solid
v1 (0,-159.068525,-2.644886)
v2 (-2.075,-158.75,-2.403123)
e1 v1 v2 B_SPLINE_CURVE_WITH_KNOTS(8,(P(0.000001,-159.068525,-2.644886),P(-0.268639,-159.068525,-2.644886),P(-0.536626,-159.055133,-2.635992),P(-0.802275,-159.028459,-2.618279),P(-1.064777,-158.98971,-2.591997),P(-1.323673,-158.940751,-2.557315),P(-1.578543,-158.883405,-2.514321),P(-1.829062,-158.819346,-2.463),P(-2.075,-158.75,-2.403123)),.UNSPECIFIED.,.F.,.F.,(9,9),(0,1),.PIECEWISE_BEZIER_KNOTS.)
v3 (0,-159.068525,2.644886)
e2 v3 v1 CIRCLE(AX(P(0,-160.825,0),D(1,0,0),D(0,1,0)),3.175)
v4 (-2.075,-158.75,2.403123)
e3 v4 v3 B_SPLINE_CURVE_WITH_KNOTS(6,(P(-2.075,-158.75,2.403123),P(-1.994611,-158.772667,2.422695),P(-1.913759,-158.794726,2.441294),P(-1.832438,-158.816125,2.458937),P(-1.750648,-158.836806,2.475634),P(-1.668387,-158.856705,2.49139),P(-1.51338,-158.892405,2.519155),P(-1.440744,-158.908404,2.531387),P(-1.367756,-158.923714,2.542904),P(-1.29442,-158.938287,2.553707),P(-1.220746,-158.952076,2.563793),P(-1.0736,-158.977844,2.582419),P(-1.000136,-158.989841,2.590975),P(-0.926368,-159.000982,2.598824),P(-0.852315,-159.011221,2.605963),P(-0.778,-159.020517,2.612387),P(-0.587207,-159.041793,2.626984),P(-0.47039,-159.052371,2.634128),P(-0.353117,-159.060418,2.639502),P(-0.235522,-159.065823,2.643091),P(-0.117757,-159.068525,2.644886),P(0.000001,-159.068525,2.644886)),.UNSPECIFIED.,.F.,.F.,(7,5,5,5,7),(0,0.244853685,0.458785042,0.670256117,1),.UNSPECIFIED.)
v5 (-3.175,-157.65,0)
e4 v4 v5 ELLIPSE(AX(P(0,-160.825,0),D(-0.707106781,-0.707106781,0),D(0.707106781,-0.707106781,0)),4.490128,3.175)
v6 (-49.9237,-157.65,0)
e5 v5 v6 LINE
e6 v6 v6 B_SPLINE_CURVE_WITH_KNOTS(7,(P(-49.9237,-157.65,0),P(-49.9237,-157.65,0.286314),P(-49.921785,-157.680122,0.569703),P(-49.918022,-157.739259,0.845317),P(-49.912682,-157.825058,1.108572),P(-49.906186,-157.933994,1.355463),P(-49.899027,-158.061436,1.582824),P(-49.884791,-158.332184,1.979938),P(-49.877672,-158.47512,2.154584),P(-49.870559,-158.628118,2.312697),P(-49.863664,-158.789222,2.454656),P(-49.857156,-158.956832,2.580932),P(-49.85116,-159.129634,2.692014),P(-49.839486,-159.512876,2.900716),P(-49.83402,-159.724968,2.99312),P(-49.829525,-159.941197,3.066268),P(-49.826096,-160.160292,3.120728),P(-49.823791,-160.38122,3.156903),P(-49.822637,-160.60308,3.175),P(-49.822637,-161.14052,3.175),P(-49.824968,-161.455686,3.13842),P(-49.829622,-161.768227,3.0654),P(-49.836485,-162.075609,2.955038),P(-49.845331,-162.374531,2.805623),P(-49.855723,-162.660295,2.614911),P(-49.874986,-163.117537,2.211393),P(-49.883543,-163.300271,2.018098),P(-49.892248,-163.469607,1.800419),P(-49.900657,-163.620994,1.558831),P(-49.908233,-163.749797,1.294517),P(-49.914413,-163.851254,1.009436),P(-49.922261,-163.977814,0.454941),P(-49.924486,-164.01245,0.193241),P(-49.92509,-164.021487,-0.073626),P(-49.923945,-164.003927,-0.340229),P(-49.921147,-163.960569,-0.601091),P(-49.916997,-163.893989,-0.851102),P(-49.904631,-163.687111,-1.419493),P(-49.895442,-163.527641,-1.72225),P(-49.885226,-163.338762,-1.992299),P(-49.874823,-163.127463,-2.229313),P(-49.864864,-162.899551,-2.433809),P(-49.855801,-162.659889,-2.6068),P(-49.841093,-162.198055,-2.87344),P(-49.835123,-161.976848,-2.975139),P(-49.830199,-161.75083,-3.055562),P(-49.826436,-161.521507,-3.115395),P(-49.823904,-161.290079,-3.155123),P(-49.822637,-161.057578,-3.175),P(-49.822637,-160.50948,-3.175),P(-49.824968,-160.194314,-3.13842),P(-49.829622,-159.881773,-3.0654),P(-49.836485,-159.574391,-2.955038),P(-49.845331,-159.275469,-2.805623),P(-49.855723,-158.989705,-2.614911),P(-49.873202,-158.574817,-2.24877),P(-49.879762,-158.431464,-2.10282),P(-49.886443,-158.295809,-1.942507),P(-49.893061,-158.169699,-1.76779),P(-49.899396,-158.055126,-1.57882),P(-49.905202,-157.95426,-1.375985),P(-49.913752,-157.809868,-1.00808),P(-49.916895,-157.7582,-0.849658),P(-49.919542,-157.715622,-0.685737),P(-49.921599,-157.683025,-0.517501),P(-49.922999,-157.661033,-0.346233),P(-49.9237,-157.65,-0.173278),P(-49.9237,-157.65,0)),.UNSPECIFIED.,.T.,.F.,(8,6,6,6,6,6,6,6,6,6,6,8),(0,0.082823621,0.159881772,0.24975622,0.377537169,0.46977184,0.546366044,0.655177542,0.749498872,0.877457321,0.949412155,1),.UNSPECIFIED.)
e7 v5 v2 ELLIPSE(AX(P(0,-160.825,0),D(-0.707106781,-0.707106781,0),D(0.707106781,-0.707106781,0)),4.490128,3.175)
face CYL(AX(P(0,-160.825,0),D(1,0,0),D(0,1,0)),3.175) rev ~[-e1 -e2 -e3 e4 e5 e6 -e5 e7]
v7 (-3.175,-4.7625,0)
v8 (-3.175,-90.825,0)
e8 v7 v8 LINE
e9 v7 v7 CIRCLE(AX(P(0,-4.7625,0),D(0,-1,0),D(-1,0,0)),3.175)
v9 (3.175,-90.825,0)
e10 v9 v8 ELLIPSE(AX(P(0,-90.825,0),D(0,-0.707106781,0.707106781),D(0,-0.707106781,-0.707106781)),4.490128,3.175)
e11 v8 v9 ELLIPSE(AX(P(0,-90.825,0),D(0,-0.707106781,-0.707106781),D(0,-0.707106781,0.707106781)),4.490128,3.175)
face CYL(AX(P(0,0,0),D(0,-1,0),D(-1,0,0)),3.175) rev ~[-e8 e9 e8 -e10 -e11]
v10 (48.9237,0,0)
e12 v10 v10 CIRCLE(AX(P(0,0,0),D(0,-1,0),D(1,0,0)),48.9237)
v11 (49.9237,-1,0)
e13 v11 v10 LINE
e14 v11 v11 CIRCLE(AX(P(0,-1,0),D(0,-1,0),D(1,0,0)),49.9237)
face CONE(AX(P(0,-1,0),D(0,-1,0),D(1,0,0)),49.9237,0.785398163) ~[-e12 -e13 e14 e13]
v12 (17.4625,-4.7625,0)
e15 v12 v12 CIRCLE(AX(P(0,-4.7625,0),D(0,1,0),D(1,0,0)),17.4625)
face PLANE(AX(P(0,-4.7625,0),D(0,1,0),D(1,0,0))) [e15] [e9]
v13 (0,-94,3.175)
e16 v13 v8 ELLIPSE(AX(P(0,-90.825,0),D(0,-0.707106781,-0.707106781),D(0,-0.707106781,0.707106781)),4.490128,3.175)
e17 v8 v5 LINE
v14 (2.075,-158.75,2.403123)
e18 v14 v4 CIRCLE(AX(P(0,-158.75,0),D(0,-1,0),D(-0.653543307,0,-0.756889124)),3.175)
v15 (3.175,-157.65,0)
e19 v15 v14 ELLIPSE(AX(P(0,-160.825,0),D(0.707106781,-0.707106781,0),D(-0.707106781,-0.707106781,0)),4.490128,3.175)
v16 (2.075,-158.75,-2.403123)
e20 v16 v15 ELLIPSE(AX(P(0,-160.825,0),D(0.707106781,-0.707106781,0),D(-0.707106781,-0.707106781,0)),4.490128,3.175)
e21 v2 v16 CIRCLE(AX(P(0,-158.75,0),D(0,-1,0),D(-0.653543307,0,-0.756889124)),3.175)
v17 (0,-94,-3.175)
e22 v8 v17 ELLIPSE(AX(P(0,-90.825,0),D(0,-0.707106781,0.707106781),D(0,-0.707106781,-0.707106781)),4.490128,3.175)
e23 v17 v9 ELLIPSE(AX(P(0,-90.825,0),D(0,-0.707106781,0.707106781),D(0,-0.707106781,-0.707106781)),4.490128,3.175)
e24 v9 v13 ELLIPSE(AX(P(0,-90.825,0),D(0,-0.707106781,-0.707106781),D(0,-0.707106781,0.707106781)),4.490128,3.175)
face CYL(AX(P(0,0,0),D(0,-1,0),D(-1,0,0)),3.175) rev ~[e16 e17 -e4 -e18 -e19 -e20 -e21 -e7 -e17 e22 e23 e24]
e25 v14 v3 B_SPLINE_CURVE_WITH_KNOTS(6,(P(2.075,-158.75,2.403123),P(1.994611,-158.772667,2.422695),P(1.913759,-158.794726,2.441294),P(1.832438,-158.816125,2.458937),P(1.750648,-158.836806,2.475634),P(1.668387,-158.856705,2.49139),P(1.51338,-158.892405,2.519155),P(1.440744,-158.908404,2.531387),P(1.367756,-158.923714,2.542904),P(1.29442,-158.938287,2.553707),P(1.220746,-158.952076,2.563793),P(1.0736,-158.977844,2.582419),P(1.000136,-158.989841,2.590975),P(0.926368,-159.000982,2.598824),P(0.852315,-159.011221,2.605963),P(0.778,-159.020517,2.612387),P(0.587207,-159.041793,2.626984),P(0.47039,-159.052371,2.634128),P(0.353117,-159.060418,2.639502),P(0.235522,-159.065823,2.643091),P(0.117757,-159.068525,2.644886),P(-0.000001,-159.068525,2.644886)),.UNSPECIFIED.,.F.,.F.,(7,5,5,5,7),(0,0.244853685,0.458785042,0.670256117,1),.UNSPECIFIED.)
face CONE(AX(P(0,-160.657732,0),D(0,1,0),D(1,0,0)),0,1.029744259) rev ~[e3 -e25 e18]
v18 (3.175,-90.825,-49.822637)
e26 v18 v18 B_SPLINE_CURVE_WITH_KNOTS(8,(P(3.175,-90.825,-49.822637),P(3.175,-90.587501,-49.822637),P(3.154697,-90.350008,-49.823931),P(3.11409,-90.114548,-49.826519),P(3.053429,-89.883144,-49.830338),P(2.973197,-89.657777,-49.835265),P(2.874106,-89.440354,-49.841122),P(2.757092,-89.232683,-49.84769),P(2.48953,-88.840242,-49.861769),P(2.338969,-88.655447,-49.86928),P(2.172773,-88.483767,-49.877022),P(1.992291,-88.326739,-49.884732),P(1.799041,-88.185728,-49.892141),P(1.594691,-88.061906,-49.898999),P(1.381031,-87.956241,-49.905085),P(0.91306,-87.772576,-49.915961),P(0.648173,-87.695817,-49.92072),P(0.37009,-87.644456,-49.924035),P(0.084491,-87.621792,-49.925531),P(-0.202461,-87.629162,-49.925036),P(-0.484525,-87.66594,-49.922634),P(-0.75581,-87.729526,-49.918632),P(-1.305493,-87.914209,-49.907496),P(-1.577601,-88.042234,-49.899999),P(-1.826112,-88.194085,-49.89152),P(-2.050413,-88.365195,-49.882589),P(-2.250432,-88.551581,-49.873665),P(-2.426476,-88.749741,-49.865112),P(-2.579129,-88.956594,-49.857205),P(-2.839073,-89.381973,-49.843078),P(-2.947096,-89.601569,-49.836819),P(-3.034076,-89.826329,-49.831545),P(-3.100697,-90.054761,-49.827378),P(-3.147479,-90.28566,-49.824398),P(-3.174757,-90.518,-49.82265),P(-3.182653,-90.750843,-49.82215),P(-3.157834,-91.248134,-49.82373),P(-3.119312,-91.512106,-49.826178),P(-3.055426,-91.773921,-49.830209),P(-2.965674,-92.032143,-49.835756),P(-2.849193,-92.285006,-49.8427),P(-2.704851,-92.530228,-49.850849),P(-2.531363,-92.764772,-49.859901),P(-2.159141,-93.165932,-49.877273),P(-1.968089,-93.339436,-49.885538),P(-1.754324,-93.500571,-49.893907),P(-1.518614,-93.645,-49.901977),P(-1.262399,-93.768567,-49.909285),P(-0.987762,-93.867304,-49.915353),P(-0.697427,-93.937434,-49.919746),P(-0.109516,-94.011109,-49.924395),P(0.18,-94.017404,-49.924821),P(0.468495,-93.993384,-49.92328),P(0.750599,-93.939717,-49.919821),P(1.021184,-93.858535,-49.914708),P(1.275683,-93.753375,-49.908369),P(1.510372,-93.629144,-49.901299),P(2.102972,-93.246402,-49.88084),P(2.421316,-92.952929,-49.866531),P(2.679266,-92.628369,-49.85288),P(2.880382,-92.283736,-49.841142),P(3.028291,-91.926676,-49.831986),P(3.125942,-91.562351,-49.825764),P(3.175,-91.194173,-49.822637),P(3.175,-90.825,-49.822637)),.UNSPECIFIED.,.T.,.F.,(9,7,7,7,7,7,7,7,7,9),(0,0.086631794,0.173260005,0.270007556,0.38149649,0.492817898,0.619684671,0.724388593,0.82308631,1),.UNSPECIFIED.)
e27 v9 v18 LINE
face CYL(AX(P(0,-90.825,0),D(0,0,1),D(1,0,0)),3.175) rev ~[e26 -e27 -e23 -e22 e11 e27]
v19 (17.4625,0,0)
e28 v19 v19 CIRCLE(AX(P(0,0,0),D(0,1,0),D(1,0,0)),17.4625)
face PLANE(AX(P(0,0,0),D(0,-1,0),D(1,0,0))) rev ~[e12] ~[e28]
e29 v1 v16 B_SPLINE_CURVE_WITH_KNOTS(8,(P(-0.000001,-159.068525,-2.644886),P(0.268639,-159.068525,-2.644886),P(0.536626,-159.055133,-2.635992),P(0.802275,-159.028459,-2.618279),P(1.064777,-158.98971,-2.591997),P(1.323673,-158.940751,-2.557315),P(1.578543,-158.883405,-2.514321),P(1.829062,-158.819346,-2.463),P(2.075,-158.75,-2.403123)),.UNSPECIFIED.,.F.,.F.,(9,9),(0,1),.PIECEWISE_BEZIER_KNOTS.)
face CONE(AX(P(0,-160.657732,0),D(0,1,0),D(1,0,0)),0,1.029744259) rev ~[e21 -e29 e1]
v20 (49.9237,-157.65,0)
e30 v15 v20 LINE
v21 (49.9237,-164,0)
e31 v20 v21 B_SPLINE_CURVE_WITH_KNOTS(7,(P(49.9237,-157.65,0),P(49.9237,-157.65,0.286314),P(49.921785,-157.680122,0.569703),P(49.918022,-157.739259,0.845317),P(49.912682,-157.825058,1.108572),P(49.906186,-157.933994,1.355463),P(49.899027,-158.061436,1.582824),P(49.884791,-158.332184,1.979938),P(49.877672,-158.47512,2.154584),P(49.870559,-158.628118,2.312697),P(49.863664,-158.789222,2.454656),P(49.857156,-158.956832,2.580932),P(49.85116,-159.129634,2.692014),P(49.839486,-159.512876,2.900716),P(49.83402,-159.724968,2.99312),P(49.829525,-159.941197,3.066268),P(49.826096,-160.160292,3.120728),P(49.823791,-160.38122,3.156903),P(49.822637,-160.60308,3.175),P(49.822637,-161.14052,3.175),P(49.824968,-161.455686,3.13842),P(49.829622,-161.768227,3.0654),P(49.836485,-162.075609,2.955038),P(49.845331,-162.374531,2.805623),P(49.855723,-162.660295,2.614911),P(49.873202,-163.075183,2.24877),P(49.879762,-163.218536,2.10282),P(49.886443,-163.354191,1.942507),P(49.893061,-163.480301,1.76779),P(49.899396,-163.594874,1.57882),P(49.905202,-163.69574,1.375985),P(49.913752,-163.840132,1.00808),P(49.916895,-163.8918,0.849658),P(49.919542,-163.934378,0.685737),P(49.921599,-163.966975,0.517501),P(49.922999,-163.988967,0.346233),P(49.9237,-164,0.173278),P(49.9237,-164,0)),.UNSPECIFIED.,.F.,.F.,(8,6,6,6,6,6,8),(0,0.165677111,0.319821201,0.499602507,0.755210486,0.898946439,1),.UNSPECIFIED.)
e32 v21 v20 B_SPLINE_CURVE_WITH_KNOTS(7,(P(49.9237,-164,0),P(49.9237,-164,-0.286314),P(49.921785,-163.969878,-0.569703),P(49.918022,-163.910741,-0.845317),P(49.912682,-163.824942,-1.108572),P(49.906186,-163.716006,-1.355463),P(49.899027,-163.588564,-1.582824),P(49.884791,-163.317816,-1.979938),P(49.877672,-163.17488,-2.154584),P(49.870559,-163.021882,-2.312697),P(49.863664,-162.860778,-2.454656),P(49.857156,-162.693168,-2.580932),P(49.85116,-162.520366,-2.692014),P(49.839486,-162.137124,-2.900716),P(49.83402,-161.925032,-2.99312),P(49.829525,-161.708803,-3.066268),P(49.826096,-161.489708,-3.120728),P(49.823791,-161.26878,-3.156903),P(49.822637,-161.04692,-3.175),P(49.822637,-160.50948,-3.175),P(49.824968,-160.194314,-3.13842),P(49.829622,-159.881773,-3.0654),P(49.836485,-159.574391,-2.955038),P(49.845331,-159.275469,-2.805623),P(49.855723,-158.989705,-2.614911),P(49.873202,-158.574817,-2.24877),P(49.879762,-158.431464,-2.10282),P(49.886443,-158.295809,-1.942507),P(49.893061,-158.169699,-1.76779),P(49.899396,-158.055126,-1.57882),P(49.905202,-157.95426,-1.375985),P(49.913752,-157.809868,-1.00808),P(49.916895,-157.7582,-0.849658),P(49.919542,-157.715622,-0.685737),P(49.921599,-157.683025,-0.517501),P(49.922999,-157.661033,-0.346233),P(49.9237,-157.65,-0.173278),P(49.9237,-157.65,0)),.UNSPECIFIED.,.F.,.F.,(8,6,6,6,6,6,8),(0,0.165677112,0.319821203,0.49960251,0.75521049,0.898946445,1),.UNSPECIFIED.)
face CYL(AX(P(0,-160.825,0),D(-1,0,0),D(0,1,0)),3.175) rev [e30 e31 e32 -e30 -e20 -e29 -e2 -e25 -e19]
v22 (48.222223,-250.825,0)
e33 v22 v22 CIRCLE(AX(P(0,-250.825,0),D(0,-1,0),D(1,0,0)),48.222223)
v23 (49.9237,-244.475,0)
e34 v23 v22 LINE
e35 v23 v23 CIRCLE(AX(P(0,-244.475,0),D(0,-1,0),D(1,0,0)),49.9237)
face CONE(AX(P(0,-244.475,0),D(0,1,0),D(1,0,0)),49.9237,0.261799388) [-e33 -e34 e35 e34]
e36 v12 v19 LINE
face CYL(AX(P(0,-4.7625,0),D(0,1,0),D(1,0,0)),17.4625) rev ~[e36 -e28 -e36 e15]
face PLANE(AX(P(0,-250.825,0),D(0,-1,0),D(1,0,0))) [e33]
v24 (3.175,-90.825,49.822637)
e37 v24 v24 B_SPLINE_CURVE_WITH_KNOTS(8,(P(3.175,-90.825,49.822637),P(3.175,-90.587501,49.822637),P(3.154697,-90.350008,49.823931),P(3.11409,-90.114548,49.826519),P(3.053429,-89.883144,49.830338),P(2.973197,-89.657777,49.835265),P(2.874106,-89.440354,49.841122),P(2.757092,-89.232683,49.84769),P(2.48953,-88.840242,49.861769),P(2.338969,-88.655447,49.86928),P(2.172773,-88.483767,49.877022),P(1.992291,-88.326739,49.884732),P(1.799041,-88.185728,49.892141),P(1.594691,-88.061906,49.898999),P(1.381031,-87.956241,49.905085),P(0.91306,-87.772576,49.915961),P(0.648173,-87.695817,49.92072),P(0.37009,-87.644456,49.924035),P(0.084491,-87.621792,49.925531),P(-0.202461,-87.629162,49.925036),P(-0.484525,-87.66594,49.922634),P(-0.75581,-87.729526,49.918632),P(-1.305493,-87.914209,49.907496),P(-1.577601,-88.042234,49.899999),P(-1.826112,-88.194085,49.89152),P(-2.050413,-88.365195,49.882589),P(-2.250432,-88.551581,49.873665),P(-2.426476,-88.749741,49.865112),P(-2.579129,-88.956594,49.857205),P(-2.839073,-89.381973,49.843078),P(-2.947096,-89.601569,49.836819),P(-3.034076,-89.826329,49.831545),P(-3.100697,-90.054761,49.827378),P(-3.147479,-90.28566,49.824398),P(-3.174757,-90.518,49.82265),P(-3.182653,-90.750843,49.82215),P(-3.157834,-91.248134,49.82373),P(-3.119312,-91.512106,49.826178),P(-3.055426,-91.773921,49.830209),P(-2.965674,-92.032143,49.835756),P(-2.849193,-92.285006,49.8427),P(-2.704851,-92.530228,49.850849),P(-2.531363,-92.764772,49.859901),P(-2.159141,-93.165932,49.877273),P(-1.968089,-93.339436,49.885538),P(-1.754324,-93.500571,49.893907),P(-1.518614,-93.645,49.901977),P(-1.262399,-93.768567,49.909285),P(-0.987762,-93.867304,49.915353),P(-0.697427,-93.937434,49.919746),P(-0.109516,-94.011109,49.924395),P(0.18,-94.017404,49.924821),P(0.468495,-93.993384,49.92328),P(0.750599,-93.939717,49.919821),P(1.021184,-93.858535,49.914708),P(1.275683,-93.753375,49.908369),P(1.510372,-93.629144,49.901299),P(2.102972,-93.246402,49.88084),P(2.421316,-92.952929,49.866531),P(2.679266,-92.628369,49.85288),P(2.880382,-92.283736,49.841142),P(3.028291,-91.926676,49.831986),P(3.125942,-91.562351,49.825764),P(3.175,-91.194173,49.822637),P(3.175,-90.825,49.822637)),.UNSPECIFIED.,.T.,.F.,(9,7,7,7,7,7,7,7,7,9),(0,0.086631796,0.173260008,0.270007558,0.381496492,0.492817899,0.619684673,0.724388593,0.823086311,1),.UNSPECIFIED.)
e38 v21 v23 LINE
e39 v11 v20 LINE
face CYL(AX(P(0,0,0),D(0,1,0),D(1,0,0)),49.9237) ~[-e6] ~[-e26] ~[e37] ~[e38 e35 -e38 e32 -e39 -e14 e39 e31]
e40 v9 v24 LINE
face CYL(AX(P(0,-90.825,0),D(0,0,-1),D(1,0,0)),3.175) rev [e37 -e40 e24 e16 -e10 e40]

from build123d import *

# Parameters (mm, degrees)
F0_R           = 49.9237
F1_DEPTH       = 250.825
F2_SIZE2       = 1.7014773719
F2_SIZE        = 6.35
F4_D           = 6.35
F4_DEPTH       = 158.75
F4_CBORE_D     = 34.925
F4_CBORE_DEPTH = 4.7625
F4_TIP         = 1.9077324654
F5_R           = 3.175
F6_DEPTH       = 49.9247
F6_DEPTH_BACK  = 49.9247
F7_R           = 3.175
F8_DEPTH       = 49.9247001
F8_DEPTH_BACK  = 49.9247001
F9_SIZE        = 1


with BuildPart() as f1:
    # F0 (on Front) → F1 (new body)
    with BuildSketch(Plane.XZ):
        Circle(F0_R)
    extrude(amount=F1_DEPTH)

    # F2
    f2_edges = [f1.edges().sort_by_distance(p)[0] for p in [
        (-49.9237, -250.825, 0),
    ]]
    f2_side = f1.faces().sort_by_distance((-49.9237, -125.4125, 0))[0]
    chamfer(f2_edges, length=F2_SIZE, length2=F2_SIZE2, reference=f2_side)

    # F4
    with Locations(Plane(origin=(0, 0, 0), x_dir=(1, 0, 0), z_dir=(0, 1, 0))):
        with Locations((0, 0)):
            CounterBoreHole(F4_D / 2, F4_CBORE_D / 2, F4_CBORE_DEPTH, depth=F4_DEPTH)
            with Locations((0, 0, -(F4_DEPTH + F4_TIP / 2))):  # 118° drill point
                Cone(0, F4_D / 2, F4_TIP, mode=Mode.SUBTRACT)

    # F5 (on Right) → F6 (cut, two sides)
    with BuildSketch(Plane.YZ) as f6_sk:
        with Locations((-160.825, 0)):
            Circle(F5_R)
    extrude(amount=-F6_DEPTH, mode=Mode.SUBTRACT)
    extrude(f6_sk.sketch, amount=F6_DEPTH_BACK, mode=Mode.SUBTRACT)

    # F7 (on Top) → F8 (cut, two sides)
    with BuildSketch(Plane.XY) as f8_sk:
        with Locations((0, -90.825)):
            Circle(F7_R)
    extrude(amount=-F8_DEPTH, mode=Mode.SUBTRACT)
    extrude(f8_sk.sketch, amount=F8_DEPTH_BACK, mode=Mode.SUBTRACT)

    # F9
    f9_edges = [f1.edges().sort_by_distance(p)[0] for p in [
        (-49.9237, 0, 0),
    ]]
    chamfer(f9_edges, length=F9_SIZE)


solid = f1.part
